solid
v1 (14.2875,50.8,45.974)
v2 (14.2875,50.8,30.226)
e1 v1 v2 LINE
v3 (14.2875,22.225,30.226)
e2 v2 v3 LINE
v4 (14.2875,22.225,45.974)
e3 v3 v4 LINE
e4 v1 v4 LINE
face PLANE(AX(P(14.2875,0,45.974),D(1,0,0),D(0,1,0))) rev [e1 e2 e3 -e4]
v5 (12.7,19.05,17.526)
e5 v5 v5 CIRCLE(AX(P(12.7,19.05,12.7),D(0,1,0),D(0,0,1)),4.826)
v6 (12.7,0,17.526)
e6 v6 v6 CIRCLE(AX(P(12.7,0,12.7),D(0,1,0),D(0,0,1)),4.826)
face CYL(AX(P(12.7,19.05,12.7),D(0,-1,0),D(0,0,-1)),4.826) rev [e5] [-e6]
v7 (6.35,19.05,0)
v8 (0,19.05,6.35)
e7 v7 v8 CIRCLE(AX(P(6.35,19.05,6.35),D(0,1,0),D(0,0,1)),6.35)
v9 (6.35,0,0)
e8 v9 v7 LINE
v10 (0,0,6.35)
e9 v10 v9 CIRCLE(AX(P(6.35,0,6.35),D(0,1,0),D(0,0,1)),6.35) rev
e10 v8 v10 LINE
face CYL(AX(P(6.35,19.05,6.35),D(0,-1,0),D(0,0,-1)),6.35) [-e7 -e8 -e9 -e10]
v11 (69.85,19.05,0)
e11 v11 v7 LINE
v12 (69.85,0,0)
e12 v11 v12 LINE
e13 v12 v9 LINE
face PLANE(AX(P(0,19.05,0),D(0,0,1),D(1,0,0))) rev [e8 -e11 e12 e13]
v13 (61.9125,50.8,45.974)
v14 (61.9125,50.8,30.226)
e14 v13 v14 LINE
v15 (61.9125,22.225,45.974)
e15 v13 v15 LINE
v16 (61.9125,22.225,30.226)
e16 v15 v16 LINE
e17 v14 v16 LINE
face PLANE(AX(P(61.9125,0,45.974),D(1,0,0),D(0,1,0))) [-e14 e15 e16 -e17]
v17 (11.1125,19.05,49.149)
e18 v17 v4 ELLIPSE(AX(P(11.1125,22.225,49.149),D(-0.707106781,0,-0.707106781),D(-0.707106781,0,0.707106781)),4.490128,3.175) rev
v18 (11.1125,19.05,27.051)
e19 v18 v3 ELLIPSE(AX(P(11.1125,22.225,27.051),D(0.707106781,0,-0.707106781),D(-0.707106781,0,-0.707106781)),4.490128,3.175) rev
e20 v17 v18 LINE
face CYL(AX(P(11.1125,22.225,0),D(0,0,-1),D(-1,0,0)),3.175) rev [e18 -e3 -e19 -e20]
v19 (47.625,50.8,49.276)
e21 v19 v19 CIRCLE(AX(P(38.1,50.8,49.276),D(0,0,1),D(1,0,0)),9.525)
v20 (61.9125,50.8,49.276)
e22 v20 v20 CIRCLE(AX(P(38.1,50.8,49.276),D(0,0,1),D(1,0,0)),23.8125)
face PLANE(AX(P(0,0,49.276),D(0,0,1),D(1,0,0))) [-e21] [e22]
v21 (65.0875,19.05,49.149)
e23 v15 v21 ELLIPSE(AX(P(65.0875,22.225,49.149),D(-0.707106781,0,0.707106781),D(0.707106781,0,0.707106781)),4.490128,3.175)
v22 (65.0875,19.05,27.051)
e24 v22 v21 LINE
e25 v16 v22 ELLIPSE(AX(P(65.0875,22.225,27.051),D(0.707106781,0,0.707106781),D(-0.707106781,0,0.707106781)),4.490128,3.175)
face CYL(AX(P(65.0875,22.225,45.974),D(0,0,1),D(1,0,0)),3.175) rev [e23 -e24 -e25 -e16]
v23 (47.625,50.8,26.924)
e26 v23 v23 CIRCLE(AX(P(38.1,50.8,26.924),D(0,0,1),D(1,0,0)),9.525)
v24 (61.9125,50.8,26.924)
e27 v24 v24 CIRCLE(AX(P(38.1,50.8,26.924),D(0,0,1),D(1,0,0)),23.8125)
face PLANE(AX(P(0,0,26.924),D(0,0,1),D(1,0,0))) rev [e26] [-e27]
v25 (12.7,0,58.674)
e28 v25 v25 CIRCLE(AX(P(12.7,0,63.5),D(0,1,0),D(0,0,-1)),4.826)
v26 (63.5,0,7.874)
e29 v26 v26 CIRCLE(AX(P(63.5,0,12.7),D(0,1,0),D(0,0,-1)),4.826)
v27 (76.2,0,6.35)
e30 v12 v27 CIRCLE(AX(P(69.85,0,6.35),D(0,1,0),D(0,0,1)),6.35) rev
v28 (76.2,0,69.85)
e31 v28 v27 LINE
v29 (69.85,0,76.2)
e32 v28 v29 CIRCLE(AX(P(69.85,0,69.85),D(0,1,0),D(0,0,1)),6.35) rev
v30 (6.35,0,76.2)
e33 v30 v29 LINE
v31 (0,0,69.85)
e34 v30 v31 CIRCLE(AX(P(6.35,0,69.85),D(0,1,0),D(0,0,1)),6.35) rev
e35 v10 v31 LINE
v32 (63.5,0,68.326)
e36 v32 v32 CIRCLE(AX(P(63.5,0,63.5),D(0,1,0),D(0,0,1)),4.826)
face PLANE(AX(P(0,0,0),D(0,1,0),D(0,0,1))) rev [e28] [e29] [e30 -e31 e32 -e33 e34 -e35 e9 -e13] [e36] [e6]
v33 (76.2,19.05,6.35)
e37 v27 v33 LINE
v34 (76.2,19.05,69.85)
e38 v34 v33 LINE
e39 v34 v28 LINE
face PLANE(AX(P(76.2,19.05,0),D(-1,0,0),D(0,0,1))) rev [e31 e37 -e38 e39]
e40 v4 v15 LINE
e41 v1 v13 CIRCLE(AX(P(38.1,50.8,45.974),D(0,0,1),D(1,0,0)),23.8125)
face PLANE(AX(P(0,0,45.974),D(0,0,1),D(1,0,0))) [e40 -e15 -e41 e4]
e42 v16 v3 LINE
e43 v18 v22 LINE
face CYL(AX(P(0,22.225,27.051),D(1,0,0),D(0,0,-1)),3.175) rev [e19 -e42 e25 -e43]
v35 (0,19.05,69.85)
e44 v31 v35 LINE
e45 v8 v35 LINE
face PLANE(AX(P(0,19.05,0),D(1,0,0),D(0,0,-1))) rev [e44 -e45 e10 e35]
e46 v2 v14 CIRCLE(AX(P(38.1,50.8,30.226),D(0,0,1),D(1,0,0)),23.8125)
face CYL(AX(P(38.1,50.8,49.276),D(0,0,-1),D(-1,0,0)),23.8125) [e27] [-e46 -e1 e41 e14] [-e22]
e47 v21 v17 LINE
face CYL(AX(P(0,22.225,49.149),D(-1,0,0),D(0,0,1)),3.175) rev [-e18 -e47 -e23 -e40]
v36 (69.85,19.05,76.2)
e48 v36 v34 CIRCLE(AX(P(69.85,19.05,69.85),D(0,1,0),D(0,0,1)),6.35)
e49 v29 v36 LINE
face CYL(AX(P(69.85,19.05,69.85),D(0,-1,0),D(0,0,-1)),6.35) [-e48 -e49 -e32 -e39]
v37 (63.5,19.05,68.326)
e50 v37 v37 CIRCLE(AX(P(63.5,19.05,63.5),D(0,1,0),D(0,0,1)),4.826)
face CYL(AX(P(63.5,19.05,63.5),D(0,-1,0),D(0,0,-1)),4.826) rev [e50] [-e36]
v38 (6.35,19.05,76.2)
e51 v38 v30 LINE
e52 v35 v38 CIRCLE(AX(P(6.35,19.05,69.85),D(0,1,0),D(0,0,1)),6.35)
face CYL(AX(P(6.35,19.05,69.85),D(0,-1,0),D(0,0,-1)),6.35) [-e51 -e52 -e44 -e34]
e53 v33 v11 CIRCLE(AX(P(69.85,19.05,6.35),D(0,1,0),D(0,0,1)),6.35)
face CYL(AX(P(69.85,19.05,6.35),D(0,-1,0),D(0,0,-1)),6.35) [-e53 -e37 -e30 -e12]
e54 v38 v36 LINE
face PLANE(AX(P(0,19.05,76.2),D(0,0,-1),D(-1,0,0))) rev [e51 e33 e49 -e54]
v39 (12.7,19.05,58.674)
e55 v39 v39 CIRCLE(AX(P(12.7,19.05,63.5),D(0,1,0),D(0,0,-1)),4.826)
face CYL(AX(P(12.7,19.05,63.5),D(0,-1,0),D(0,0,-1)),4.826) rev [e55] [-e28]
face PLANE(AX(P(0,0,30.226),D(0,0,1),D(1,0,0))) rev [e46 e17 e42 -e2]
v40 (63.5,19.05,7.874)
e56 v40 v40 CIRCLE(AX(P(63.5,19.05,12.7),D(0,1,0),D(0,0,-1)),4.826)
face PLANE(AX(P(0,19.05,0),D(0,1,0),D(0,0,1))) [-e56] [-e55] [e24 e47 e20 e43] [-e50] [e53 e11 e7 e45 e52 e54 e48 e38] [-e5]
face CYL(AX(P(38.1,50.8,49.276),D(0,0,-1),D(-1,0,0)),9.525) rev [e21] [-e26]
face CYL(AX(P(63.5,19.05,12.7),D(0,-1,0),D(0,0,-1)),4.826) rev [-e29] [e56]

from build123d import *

# Parameters (mm, degrees)
SKETCH1_W           = 76.2
SKETCH1_H           = 76.2
SKETCH1_R           = 4.826
BOSS_EXTRUDE1_DEPTH = 19.05
BOSS_EXTRUDE4_DEPTH = 7.874
SKETCH2_5_R         = 9.525
BOSS_EXTRUDE5_DEPTH = 11.176
FILLET1_R           = 3.175
FILLET2_R           = 6.35


with BuildPart() as part:
    # Sketch1 → Boss-Extrude1 (new body)
    with BuildSketch(Plane(origin=(0, 0, 0), x_dir=(1, 0, 0), z_dir=(0, 1, 0))):
        with Locations((38.1, -38.1)):
            Rectangle(SKETCH1_W, SKETCH1_H)
        with Locations((63.5, -63.5)):
            Circle(SKETCH1_R, mode=Mode.SUBTRACT)
        with Locations((12.7, -63.5)):
            Circle(SKETCH1_R, mode=Mode.SUBTRACT)
        with Locations((63.5, -12.7)):
            Circle(SKETCH1_R, mode=Mode.SUBTRACT)
        with Locations((12.7, -12.7)):
            Circle(SKETCH1_R, mode=Mode.SUBTRACT)
    extrude(amount=BOSS_EXTRUDE1_DEPTH)

    # Sketch2 → Boss-Extrude4 (add, symmetric)
    with BuildSketch(Plane.XY.offset(38.1)):
        with BuildLine():
            ThreePointArc((61.9125, 50.8), (38.1, 26.9875), (14.2875, 50.8))
            Line((14.2875, 50.8), (14.2875, 19.05))
            Line((14.2875, 19.05), (61.9125, 19.05))
            Line((61.9125, 19.05), (61.9125, 50.8))
        make_face()
    extrude(amount=BOSS_EXTRUDE4_DEPTH, both=True)

    # Sketch2<5> → Boss-Extrude5 (add, symmetric)
    with BuildSketch(Plane.XY.offset(38.1)):
        with BuildLine():
            ThreePointArc((61.9125, 50.8), (38.1, 74.6125), (14.2875, 50.8))
            ThreePointArc((14.2875, 50.8), (38.1, 26.9875), (61.9125, 50.8))
        make_face()
        with Locations((38.1, 50.8)):
            Circle(SKETCH2_5_R, mode=Mode.SUBTRACT)
    extrude(amount=BOSS_EXTRUDE5_DEPTH, both=True)

    # Fillet1
    fillet1_edges = [part.edges().sort_by_distance(p)[0] for p in [
        (38.1, 19.05, 30.226),
        (14.2875, 19.05, 38.1),
        (38.1, 19.05, 45.974),
        (61.9125, 19.05, 38.1),
    ]]
    fillet(fillet1_edges, radius=FILLET1_R)

    # Fillet2
    fillet2_edges = [part.edges().sort_by_distance(p)[0] for p in [
        (76.2, 9.525, 76.2),
        (0, 9.525, 76.2),
        (76.2, 9.525, 0),
        (0, 9.525, 0),
    ]]
    fillet(fillet2_edges, radius=FILLET2_R)


solid = part.part
